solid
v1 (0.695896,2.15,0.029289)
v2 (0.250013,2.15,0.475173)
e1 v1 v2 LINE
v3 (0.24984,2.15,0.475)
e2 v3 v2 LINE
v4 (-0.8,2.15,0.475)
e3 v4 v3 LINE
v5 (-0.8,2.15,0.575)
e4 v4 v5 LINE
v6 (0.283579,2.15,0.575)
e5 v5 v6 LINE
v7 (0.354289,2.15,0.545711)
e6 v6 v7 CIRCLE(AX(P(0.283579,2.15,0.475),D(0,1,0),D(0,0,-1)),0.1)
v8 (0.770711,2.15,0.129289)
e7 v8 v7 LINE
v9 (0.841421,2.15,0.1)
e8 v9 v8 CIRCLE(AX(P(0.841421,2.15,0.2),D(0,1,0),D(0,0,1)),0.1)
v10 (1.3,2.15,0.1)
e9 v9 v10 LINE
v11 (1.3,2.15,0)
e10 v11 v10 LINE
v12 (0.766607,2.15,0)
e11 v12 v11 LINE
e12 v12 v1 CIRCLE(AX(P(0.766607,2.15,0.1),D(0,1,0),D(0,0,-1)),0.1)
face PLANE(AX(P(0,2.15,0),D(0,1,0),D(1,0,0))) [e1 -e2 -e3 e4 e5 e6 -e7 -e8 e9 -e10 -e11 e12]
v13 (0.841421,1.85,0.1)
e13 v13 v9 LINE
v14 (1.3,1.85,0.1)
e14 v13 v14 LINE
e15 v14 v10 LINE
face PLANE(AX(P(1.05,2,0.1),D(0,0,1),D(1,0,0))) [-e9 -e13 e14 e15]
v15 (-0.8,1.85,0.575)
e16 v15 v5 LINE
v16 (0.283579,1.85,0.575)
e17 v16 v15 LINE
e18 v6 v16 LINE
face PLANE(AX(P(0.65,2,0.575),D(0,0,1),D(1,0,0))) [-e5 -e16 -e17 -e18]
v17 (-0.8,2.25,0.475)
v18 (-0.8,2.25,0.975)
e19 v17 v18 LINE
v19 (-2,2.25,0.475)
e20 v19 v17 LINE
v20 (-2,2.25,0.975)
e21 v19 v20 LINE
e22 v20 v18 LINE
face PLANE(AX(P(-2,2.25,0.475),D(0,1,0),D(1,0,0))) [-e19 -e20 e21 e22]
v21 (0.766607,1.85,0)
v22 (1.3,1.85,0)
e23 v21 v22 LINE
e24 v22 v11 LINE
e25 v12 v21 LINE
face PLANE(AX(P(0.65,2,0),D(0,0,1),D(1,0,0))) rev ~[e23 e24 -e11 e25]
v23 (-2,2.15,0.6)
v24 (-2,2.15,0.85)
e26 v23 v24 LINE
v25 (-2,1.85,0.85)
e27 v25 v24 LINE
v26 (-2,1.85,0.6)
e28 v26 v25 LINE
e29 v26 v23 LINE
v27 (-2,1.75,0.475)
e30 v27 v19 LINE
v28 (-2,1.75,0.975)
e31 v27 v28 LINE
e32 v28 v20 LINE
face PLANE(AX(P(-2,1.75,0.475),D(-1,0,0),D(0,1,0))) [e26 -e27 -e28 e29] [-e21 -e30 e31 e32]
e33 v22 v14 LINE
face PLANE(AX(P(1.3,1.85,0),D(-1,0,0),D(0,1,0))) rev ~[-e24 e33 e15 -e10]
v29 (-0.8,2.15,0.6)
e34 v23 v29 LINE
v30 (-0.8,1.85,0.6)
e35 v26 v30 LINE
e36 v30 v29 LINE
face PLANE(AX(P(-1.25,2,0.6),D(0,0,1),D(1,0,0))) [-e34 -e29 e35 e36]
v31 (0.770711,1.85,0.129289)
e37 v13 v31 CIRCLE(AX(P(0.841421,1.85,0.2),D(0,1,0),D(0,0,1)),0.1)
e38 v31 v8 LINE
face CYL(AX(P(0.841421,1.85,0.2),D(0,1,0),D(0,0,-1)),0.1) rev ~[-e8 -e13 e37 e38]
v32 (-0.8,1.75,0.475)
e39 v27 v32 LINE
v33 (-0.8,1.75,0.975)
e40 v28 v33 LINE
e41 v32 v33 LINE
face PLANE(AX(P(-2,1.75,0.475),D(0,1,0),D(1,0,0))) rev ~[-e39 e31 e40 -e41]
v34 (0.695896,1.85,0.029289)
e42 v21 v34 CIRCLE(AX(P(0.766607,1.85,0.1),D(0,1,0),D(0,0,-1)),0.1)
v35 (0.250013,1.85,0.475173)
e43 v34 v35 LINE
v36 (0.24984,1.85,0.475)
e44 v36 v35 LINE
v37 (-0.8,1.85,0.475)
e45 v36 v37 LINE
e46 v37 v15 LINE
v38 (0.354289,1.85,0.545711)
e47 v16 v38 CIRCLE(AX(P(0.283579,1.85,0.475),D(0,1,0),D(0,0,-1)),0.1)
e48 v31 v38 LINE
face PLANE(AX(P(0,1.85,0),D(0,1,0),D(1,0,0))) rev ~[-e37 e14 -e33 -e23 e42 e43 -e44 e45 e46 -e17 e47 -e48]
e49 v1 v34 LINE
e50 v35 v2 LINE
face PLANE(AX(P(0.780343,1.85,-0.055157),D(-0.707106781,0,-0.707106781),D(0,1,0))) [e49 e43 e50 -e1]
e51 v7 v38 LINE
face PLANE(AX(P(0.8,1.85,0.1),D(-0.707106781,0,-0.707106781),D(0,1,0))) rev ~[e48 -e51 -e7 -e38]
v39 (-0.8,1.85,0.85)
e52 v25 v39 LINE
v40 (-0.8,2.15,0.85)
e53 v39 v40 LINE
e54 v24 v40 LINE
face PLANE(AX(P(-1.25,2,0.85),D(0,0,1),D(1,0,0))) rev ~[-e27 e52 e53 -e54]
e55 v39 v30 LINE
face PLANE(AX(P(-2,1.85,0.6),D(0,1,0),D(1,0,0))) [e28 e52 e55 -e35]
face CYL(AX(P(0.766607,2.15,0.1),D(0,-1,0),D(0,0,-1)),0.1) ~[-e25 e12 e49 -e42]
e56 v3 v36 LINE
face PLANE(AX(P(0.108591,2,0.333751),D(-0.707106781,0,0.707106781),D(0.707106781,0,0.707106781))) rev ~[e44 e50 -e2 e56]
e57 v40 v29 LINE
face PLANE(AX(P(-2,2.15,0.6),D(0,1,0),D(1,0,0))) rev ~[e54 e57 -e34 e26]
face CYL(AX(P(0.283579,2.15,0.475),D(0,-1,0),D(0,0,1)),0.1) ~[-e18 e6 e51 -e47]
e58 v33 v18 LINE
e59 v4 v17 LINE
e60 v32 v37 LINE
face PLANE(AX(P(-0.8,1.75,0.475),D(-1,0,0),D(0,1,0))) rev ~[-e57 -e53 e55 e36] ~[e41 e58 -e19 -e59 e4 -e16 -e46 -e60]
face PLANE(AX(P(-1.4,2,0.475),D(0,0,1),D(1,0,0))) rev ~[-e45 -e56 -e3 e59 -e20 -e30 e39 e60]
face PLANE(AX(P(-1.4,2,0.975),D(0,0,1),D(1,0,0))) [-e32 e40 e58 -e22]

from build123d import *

# Parameters (mm, degrees)
BOX127_W     = 1.2
BOX127_H     = 0.5
BOX127_DEPTH = 0.5
BOX128_W     = 1.5
BOX128_H     = 0.3
BOX128_DEPTH = 0.1
BOX129_W     = 1.3
BOX129_H     = 0.3
BOX129_DEPTH = 0.575
BOX130_W     = 0.25
BOX130_H     = 0.3
BOX130_DEPTH = 0.475
BOX131_W     = 0.5
BOX131_H     = 0.3
BOX131_DEPTH = 0.5
BOX132_W     = 0.5
BOX132_H     = 0.3
BOX132_DEPTH = 0.75
BOX133_W     = 0.4
BOX133_H     = 0.3
BOX133_DEPTH = 0.75
FILLET018_R  = 0.1
FILLET019_R  = 0.1
BOX134_W     = 1.5
BOX134_H     = 0.3
BOX134_DEPTH = 0.25
FILLET028_R  = 0.1


with BuildPart() as part:
    # Box127 → Box127 (join)
    with BuildSketch(Plane(origin=(-2, 4.25, 0.475), x_dir=(1, 0, 0), z_dir=(0, 0, 1))):
        with Locations((0.6, 0.25)):
            Rectangle(BOX127_W, BOX127_H)
    extrude(amount=BOX127_DEPTH)

    # Box128 → Box128 (join)
    with BuildSketch(Plane(origin=(-0.8, 4.35, 0.475), x_dir=(1, 0, 0), z_dir=(0, 0, 1))):
        with Locations((0.75, 0.15)):
            Rectangle(BOX128_W, BOX128_H)
    extrude(amount=BOX128_DEPTH)

    # Box129 → Box129 (join)
    with BuildSketch(Plane(origin=(0, 4.35, 0), x_dir=(1, 0, 0), z_dir=(0, 0, 1))):
        with Locations((0.65, 0.15)):
            Rectangle(BOX129_W, BOX129_H)
    extrude(amount=BOX129_DEPTH)

    # Box130 → Box130 (cut)
    with BuildSketch(Plane(origin=(0, 4.35, 0), x_dir=(1, 0, 0), z_dir=(0, 0, 1))):
        with Locations((0.125, 0.15)):
            Rectangle(BOX130_W, BOX130_H)
    extrude(amount=BOX130_DEPTH, mode=Mode.SUBTRACT)

    # Box131 → Box131 (cut)
    with BuildSketch(Plane(origin=(0.8, 4.35, 0.1), x_dir=(1, 0, 0), z_dir=(0, 0, 1))):
        with Locations((0.25, 0.15)):
            Rectangle(BOX131_W, BOX131_H)
    extrude(amount=BOX131_DEPTH, mode=Mode.SUBTRACT)

    # Box132 → Box132 (cut)
    with BuildSketch(Plane(origin=(0.8, 4.35, 0.1), x_dir=(0.707107, 0, 0.707107), z_dir=(-0.707107, 0, 0.707107))):
        with Locations((0.25, 0.15)):
            Rectangle(BOX132_W, BOX132_H)
    extrude(amount=BOX132_DEPTH, mode=Mode.SUBTRACT)

    # Box133 → Box133 (cut)
    with BuildSketch(Plane(origin=(0.4975, 4.35, -0.338), x_dir=(0.707107, 0, 0.707107), z_dir=(-0.707107, 0, 0.707107))):
        with Locations((0.2, 0.15)):
            Rectangle(BOX133_W, BOX133_H)
    extrude(amount=BOX133_DEPTH, mode=Mode.SUBTRACT)

    # Fillet018
    fillet018_edges = [part.edges().sort_by_distance(p)[0] for p in [
        (0.325, 4.5, 0.575),
    ]]
    fillet(fillet018_edges, radius=FILLET018_R)

    # Fillet019
    fillet019_edges = [part.edges().sort_by_distance(p)[0] for p in [
        (0.725185, 4.5, 0),
    ]]
    fillet(fillet019_edges, radius=FILLET019_R)

    # Box134 → Box134 (cut)
    with BuildSketch(Plane(origin=(-2, 4.35, 0.6), x_dir=(1, 0, 0), z_dir=(0, 0, 1))):
        with Locations((0.75, 0.15)):
            Rectangle(BOX134_W, BOX134_H)
    extrude(amount=BOX134_DEPTH, mode=Mode.SUBTRACT)

    # Fillet028
    fillet028_edges = [part.edges().sort_by_distance(p)[0] for p in [
        (0.8, 4.5, 0.1),
    ]]
    fillet(fillet028_edges, radius=FILLET028_R)


with BuildPart() as part_1:
    # Body043 placement: moved
    add(part.part.moved(Location((0, -2.5, 0))))


solid = part_1.part
